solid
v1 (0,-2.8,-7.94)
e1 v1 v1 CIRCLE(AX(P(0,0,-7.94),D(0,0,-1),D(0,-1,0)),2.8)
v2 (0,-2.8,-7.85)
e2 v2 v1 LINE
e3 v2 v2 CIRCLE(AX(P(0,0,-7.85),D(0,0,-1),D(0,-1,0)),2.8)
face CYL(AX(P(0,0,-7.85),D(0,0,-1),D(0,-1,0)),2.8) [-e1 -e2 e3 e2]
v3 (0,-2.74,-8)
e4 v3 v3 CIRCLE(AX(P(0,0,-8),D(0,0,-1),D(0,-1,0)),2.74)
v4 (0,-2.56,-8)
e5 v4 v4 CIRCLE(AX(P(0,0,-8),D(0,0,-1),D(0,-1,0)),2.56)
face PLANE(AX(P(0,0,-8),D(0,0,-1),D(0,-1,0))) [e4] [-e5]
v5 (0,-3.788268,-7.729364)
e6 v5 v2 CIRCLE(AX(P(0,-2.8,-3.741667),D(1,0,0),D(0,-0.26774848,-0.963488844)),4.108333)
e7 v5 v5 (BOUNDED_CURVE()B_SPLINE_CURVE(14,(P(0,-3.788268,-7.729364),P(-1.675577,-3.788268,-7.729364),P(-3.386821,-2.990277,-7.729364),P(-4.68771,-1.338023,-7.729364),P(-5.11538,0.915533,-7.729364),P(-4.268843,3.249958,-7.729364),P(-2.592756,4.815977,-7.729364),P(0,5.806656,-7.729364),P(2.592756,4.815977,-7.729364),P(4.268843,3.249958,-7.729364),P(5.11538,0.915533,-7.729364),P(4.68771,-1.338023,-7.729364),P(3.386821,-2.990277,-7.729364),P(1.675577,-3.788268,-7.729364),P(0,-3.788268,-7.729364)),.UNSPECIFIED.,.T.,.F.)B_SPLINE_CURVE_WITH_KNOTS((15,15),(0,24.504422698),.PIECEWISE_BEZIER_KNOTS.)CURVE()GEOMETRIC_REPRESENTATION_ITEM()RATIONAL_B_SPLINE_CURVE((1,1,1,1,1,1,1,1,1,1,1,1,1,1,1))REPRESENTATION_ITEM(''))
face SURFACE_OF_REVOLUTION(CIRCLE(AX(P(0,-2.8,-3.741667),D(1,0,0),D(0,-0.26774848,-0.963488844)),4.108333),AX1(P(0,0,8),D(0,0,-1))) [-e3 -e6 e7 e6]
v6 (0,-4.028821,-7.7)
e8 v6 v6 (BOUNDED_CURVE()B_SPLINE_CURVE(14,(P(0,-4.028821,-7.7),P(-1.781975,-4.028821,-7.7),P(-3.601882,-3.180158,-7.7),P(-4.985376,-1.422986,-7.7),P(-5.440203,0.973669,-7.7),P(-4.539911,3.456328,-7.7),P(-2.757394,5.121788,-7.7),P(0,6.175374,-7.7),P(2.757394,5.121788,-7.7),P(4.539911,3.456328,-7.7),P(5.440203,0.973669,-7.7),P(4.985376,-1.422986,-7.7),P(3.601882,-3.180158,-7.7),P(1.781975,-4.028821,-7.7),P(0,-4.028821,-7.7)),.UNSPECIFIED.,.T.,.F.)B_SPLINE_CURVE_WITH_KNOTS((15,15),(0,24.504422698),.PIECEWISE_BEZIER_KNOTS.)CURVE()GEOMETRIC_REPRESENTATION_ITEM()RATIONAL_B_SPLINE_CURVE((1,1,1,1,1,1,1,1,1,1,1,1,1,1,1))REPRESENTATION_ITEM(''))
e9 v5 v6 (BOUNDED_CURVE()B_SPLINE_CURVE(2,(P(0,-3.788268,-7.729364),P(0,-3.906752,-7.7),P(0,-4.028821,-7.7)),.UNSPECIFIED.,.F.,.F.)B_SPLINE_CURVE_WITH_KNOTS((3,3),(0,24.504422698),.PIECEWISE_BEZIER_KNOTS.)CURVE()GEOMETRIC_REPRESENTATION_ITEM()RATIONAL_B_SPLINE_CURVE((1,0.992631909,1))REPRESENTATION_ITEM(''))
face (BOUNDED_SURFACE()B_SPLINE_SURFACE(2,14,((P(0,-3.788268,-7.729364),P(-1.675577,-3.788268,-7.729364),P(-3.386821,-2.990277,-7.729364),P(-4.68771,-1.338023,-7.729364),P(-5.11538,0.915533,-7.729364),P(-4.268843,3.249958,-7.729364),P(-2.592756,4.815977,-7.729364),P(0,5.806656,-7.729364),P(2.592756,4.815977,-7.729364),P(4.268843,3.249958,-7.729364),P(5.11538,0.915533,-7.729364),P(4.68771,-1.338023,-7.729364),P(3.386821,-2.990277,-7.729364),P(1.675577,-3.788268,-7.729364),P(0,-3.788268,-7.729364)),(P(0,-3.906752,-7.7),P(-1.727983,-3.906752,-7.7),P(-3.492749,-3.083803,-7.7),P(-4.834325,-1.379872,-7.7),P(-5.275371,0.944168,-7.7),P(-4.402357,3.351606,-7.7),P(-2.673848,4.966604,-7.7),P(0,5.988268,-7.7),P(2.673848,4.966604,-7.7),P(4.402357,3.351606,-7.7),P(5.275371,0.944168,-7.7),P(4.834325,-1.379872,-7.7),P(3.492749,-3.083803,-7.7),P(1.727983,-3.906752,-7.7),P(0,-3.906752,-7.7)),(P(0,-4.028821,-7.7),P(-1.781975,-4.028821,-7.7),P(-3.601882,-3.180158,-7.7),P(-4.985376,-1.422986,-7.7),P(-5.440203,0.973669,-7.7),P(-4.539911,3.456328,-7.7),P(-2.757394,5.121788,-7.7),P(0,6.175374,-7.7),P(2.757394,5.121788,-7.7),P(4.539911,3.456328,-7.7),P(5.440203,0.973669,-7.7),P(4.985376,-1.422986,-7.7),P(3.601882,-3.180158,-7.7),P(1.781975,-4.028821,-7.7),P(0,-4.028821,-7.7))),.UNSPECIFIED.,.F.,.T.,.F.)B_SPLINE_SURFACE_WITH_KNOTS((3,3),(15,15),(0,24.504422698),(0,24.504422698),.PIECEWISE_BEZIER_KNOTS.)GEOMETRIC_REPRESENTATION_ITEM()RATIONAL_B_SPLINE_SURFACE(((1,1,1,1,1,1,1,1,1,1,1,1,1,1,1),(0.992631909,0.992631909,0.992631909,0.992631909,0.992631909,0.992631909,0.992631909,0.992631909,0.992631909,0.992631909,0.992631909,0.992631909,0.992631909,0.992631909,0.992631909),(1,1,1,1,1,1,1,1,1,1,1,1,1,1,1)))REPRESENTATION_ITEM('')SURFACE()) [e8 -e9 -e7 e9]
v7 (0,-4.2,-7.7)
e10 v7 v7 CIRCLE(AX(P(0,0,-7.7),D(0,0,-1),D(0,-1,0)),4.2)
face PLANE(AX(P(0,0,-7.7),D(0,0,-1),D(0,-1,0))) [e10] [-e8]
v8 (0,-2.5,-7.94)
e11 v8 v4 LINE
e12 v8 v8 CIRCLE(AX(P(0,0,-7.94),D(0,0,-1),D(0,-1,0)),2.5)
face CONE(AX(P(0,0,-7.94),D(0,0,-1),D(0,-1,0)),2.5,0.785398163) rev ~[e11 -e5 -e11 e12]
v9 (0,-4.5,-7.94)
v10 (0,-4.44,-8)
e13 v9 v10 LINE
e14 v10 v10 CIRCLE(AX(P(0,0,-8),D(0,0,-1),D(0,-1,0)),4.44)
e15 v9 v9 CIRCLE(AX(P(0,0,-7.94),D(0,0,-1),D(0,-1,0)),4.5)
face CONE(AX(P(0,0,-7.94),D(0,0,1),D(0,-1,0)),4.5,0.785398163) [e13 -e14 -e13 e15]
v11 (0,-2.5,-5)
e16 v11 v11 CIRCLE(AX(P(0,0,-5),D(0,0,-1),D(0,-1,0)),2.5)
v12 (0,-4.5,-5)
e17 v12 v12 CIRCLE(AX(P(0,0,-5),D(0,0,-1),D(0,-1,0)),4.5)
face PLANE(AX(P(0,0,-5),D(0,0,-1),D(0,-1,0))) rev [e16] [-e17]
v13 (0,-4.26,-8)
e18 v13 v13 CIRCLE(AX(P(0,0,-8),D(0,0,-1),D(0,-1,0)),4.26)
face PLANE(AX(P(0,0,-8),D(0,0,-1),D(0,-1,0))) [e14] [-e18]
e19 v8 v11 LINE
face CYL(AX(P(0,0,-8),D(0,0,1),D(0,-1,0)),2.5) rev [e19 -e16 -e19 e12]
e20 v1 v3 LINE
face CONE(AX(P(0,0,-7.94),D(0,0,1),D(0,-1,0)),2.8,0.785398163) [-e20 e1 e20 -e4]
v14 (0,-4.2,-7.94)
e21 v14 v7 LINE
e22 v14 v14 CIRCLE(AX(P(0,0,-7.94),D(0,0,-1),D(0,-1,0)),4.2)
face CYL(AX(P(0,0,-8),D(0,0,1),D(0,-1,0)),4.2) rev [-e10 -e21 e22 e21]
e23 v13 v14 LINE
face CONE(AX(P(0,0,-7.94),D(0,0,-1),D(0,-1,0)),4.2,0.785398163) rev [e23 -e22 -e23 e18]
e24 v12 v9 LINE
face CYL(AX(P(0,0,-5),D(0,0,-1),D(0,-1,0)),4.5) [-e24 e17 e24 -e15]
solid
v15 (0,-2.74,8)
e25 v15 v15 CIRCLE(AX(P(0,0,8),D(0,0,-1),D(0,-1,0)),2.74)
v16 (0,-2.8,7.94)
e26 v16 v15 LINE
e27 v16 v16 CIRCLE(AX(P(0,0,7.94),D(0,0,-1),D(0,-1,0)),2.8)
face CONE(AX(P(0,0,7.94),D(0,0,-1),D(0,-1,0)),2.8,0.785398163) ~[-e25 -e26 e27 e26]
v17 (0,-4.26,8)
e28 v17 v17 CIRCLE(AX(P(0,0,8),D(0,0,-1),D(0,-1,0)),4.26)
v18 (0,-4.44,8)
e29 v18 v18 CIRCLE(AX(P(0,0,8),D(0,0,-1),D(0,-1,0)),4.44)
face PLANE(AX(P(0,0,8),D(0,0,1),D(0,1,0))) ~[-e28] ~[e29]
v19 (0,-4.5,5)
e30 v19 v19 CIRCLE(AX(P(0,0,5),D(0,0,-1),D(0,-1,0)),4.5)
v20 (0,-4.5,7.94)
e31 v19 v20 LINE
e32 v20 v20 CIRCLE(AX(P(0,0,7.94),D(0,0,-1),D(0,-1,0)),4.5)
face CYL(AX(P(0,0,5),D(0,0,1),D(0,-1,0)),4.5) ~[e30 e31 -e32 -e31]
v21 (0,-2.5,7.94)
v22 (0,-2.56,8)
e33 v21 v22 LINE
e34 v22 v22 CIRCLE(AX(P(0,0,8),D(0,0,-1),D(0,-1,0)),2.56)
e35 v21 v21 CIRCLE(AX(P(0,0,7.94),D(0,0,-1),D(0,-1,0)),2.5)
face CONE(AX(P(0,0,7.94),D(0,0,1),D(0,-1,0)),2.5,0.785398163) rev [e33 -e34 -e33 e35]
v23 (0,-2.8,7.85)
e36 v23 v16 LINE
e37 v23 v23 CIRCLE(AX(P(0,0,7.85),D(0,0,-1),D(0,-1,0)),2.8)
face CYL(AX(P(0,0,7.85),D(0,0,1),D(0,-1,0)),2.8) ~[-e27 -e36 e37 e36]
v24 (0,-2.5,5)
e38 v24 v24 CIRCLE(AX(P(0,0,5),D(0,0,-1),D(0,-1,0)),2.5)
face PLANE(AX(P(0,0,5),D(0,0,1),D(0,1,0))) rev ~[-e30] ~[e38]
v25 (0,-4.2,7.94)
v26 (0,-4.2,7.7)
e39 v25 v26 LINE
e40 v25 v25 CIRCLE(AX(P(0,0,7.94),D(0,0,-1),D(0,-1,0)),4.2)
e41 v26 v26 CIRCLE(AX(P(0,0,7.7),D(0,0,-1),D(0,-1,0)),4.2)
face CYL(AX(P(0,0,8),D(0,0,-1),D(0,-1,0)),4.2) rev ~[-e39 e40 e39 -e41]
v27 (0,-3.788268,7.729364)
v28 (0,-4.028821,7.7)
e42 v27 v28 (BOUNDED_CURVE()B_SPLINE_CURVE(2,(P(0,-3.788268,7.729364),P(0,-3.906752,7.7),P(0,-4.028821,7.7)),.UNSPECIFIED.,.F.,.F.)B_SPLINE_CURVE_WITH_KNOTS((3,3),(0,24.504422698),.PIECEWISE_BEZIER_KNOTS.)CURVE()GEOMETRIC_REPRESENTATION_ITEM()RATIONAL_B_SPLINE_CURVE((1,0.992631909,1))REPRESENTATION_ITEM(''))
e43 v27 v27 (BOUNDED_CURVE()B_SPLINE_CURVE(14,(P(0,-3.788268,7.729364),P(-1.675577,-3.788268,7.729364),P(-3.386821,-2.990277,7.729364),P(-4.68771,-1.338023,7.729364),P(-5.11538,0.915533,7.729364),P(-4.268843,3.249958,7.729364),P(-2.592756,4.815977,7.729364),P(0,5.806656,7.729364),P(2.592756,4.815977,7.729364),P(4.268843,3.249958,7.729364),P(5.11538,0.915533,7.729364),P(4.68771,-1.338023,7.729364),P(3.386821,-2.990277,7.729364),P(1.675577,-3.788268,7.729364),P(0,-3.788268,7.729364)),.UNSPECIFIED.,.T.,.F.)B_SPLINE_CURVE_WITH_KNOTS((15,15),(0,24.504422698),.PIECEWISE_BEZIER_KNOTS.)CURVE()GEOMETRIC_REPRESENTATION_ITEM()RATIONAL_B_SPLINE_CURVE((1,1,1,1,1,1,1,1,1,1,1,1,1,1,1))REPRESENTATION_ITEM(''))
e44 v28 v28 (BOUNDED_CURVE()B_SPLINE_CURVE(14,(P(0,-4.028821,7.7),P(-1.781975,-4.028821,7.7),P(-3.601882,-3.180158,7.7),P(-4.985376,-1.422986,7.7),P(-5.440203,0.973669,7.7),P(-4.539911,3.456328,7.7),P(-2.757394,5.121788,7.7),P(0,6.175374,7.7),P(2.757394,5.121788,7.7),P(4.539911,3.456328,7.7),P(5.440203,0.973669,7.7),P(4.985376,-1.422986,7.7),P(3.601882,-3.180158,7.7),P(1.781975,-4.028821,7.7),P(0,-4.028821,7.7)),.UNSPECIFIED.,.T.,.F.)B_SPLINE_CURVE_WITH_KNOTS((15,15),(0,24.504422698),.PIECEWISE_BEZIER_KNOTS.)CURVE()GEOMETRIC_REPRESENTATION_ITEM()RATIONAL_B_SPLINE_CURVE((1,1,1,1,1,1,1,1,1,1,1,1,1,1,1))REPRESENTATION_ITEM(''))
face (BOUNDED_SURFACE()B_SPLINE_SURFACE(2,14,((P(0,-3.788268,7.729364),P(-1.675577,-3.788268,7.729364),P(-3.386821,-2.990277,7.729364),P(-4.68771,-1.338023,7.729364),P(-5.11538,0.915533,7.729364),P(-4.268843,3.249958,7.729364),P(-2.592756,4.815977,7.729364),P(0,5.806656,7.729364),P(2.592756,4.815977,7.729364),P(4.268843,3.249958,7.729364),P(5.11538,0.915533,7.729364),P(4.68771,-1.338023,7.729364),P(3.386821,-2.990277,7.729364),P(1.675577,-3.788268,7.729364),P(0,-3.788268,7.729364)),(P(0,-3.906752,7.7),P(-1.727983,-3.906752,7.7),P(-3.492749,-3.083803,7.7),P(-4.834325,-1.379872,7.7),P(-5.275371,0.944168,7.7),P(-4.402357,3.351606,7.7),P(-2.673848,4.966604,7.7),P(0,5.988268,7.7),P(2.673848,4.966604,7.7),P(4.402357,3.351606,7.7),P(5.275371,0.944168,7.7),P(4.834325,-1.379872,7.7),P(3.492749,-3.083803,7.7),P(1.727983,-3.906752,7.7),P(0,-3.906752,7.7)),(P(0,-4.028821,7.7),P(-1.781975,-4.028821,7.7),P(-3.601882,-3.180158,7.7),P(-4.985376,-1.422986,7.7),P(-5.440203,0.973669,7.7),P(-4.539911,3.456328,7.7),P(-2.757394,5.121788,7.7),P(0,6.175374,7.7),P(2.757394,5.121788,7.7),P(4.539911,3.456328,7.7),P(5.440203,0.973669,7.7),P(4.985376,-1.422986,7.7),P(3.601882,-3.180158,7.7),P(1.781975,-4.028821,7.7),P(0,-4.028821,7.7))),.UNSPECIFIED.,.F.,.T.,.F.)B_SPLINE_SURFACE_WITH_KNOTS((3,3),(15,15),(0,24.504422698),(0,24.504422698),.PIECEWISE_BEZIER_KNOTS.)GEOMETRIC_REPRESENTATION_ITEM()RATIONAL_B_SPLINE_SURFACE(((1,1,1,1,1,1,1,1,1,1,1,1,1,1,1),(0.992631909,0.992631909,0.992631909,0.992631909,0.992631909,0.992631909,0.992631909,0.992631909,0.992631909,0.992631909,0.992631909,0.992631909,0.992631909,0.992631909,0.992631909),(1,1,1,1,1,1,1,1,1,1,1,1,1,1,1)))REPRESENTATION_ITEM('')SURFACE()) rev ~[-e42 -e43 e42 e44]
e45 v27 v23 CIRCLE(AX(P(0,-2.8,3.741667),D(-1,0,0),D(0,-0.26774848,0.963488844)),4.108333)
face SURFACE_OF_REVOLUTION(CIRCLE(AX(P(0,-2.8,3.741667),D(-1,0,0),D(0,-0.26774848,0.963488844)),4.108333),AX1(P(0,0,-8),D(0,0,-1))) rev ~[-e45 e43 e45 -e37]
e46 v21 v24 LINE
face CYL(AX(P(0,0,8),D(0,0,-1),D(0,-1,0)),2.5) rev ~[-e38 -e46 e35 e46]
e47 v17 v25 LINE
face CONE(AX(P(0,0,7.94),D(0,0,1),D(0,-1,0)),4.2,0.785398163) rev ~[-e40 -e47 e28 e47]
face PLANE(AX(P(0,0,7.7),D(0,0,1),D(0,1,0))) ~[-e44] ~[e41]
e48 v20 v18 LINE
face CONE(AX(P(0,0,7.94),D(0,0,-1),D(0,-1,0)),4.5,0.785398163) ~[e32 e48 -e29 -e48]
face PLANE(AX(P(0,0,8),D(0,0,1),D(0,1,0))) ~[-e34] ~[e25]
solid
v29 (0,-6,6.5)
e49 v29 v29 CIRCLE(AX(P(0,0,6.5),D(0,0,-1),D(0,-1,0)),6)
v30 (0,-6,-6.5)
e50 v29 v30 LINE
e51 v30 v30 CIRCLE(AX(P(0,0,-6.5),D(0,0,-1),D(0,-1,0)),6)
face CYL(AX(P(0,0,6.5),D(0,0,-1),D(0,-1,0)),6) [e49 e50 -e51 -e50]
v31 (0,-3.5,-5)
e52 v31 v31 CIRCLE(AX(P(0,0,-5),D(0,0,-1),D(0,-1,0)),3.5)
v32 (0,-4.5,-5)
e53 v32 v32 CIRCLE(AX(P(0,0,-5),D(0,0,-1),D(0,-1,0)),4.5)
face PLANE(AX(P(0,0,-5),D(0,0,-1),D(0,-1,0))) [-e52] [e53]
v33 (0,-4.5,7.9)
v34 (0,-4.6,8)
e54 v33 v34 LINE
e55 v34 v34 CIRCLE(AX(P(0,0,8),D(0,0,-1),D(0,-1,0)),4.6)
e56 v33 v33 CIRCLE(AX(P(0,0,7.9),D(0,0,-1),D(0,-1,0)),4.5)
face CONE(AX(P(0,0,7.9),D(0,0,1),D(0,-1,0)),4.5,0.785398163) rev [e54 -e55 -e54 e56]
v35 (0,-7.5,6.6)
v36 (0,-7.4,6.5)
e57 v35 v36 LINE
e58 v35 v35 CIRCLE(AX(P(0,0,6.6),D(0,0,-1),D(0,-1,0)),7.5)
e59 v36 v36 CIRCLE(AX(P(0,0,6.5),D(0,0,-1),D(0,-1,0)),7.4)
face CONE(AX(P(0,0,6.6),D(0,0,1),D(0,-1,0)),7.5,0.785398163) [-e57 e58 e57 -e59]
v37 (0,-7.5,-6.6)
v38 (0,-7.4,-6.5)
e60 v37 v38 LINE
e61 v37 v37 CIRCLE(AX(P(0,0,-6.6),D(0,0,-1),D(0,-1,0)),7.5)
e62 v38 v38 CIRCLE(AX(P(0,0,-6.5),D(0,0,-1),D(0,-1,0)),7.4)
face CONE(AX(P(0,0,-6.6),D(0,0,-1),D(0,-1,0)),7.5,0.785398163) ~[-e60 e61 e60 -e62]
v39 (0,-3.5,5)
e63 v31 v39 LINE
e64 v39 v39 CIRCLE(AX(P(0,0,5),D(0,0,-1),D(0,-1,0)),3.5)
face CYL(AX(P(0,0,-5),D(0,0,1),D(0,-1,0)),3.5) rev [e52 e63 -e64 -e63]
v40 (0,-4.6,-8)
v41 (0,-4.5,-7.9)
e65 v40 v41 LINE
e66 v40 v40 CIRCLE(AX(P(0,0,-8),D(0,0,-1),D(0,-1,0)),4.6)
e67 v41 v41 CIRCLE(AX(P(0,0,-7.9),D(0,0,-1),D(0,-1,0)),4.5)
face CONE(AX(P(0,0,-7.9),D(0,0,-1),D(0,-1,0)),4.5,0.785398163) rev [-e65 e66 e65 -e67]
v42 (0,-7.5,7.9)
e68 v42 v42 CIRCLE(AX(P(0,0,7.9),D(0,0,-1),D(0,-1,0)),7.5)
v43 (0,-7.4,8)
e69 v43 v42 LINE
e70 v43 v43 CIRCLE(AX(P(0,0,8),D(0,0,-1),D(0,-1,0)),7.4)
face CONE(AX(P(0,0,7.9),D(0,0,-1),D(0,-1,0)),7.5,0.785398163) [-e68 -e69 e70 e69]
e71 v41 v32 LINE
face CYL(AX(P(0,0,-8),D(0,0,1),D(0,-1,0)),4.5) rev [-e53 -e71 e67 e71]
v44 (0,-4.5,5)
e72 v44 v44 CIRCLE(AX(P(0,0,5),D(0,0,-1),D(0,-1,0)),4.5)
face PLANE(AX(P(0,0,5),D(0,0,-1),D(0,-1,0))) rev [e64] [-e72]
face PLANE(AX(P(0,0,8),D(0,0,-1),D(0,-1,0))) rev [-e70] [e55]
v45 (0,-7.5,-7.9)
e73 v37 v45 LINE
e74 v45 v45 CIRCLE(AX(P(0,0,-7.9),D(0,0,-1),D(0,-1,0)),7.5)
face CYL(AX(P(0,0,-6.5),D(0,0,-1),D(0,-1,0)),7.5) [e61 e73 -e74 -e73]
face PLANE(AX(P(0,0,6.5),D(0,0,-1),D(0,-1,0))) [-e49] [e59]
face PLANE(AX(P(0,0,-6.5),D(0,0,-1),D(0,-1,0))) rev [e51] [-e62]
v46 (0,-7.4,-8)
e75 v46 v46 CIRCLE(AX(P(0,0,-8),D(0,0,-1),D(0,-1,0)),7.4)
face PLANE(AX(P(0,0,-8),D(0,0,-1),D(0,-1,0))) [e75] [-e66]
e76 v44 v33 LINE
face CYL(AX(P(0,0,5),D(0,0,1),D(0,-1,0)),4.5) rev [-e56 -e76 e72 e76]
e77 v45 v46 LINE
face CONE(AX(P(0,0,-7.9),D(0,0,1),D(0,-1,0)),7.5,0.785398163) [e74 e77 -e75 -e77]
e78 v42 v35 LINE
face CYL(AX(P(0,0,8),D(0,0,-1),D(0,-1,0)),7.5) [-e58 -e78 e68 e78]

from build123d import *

# Parameters (mm, degrees)
CHAMFER2_SIZE = 0.06
FILLET2_R     = 1
CHAMFER1_SIZE = 0.1


with BuildPart() as part:
    # Sketch2 → Revolve1 (revolve)
    with BuildSketch(Plane(origin=(0, 0, 0), x_dir=(0, 0, -1), z_dir=(1, 0, 0)), mode=Mode.PRIVATE) as revolve1_sk:
        with BuildLine():
            Line((8, 2.5), (5, 2.5))
            Line((5, 2.5), (5, 4.5))
            Line((5, 4.5), (8, 4.5))
            Line((8, 4.5), (8, 4.2))
            Line((8, 4.2), (7.7, 4.2))
            Line((7.7, 4.2), (7.7, 3.9))
            ThreePointArc((7.7, 3.9), (7.812327274, 3.355090083), (7.85, 2.8))
            Line((7.85, 2.8), (8, 2.8))
            Line((8, 2.8), (8, 2.5))
        make_face()
    revolve(revolve1_sk.sketch.rotate(Axis((0, 0, 8), (0, 0, -1)), 180), axis=Axis((0, 0, 8), (0, 0, -1)))

    # Chamfer2
    chamfer2_edges = [part.edges().sort_by_distance(p)[0] for p in [
        (0, 2.5, -8),
        (0, 2.8, -8),
        (0, 4.2, -8),
        (0, 4.5, -8),
    ]]
    chamfer(chamfer2_edges, length=CHAMFER2_SIZE)

    # Fillet2
    fillet2_edges = [part.edges().sort_by_distance(p)[0] for p in [
        (0, 3.9, -7.7),
    ]]
    fillet(fillet2_edges, radius=FILLET2_R)


with BuildPart() as body_2:
    # Mirror1: mirrored copy
    add(part.part.mirror(Plane.XY))


with BuildPart() as body_3:
    # Sketch3 → Revolve2 (revolve)
    with BuildSketch(Plane(origin=(0, 0, 0), x_dir=(0, 0, -1), z_dir=(1, 0, 0)), mode=Mode.PRIVATE) as revolve2_sk:
        Polygon((6.5, 7.5), (8, 7.5), (8, 4.5), (5, 4.5), (5, 3.5), (-5, 3.5), (-5, 4.5), (-8, 4.5), (-8, 7.5), (-6.5, 7.5), (-6.5, 6), (6.5, 6), align=None)
    revolve(revolve2_sk.sketch.rotate(Axis((0, 0, 8), (0, 0, -1)), 180), axis=Axis((0, 0, 8), (0, 0, -1)))

    # Chamfer1
    chamfer1_edges = [body_3.edges().sort_by_distance(p)[0] for p in [
        (0, 4.5, 8),
        (0, 4.5, -8),
        (0, 7.5, -8),
        (0, 7.5, -6.5),
        (0, 7.5, 6.5),
        (0, 7.5, 8),
    ]]
    chamfer(chamfer1_edges, length=CHAMFER1_SIZE)


solid = Compound([part.part, body_2.part, body_3.part])
